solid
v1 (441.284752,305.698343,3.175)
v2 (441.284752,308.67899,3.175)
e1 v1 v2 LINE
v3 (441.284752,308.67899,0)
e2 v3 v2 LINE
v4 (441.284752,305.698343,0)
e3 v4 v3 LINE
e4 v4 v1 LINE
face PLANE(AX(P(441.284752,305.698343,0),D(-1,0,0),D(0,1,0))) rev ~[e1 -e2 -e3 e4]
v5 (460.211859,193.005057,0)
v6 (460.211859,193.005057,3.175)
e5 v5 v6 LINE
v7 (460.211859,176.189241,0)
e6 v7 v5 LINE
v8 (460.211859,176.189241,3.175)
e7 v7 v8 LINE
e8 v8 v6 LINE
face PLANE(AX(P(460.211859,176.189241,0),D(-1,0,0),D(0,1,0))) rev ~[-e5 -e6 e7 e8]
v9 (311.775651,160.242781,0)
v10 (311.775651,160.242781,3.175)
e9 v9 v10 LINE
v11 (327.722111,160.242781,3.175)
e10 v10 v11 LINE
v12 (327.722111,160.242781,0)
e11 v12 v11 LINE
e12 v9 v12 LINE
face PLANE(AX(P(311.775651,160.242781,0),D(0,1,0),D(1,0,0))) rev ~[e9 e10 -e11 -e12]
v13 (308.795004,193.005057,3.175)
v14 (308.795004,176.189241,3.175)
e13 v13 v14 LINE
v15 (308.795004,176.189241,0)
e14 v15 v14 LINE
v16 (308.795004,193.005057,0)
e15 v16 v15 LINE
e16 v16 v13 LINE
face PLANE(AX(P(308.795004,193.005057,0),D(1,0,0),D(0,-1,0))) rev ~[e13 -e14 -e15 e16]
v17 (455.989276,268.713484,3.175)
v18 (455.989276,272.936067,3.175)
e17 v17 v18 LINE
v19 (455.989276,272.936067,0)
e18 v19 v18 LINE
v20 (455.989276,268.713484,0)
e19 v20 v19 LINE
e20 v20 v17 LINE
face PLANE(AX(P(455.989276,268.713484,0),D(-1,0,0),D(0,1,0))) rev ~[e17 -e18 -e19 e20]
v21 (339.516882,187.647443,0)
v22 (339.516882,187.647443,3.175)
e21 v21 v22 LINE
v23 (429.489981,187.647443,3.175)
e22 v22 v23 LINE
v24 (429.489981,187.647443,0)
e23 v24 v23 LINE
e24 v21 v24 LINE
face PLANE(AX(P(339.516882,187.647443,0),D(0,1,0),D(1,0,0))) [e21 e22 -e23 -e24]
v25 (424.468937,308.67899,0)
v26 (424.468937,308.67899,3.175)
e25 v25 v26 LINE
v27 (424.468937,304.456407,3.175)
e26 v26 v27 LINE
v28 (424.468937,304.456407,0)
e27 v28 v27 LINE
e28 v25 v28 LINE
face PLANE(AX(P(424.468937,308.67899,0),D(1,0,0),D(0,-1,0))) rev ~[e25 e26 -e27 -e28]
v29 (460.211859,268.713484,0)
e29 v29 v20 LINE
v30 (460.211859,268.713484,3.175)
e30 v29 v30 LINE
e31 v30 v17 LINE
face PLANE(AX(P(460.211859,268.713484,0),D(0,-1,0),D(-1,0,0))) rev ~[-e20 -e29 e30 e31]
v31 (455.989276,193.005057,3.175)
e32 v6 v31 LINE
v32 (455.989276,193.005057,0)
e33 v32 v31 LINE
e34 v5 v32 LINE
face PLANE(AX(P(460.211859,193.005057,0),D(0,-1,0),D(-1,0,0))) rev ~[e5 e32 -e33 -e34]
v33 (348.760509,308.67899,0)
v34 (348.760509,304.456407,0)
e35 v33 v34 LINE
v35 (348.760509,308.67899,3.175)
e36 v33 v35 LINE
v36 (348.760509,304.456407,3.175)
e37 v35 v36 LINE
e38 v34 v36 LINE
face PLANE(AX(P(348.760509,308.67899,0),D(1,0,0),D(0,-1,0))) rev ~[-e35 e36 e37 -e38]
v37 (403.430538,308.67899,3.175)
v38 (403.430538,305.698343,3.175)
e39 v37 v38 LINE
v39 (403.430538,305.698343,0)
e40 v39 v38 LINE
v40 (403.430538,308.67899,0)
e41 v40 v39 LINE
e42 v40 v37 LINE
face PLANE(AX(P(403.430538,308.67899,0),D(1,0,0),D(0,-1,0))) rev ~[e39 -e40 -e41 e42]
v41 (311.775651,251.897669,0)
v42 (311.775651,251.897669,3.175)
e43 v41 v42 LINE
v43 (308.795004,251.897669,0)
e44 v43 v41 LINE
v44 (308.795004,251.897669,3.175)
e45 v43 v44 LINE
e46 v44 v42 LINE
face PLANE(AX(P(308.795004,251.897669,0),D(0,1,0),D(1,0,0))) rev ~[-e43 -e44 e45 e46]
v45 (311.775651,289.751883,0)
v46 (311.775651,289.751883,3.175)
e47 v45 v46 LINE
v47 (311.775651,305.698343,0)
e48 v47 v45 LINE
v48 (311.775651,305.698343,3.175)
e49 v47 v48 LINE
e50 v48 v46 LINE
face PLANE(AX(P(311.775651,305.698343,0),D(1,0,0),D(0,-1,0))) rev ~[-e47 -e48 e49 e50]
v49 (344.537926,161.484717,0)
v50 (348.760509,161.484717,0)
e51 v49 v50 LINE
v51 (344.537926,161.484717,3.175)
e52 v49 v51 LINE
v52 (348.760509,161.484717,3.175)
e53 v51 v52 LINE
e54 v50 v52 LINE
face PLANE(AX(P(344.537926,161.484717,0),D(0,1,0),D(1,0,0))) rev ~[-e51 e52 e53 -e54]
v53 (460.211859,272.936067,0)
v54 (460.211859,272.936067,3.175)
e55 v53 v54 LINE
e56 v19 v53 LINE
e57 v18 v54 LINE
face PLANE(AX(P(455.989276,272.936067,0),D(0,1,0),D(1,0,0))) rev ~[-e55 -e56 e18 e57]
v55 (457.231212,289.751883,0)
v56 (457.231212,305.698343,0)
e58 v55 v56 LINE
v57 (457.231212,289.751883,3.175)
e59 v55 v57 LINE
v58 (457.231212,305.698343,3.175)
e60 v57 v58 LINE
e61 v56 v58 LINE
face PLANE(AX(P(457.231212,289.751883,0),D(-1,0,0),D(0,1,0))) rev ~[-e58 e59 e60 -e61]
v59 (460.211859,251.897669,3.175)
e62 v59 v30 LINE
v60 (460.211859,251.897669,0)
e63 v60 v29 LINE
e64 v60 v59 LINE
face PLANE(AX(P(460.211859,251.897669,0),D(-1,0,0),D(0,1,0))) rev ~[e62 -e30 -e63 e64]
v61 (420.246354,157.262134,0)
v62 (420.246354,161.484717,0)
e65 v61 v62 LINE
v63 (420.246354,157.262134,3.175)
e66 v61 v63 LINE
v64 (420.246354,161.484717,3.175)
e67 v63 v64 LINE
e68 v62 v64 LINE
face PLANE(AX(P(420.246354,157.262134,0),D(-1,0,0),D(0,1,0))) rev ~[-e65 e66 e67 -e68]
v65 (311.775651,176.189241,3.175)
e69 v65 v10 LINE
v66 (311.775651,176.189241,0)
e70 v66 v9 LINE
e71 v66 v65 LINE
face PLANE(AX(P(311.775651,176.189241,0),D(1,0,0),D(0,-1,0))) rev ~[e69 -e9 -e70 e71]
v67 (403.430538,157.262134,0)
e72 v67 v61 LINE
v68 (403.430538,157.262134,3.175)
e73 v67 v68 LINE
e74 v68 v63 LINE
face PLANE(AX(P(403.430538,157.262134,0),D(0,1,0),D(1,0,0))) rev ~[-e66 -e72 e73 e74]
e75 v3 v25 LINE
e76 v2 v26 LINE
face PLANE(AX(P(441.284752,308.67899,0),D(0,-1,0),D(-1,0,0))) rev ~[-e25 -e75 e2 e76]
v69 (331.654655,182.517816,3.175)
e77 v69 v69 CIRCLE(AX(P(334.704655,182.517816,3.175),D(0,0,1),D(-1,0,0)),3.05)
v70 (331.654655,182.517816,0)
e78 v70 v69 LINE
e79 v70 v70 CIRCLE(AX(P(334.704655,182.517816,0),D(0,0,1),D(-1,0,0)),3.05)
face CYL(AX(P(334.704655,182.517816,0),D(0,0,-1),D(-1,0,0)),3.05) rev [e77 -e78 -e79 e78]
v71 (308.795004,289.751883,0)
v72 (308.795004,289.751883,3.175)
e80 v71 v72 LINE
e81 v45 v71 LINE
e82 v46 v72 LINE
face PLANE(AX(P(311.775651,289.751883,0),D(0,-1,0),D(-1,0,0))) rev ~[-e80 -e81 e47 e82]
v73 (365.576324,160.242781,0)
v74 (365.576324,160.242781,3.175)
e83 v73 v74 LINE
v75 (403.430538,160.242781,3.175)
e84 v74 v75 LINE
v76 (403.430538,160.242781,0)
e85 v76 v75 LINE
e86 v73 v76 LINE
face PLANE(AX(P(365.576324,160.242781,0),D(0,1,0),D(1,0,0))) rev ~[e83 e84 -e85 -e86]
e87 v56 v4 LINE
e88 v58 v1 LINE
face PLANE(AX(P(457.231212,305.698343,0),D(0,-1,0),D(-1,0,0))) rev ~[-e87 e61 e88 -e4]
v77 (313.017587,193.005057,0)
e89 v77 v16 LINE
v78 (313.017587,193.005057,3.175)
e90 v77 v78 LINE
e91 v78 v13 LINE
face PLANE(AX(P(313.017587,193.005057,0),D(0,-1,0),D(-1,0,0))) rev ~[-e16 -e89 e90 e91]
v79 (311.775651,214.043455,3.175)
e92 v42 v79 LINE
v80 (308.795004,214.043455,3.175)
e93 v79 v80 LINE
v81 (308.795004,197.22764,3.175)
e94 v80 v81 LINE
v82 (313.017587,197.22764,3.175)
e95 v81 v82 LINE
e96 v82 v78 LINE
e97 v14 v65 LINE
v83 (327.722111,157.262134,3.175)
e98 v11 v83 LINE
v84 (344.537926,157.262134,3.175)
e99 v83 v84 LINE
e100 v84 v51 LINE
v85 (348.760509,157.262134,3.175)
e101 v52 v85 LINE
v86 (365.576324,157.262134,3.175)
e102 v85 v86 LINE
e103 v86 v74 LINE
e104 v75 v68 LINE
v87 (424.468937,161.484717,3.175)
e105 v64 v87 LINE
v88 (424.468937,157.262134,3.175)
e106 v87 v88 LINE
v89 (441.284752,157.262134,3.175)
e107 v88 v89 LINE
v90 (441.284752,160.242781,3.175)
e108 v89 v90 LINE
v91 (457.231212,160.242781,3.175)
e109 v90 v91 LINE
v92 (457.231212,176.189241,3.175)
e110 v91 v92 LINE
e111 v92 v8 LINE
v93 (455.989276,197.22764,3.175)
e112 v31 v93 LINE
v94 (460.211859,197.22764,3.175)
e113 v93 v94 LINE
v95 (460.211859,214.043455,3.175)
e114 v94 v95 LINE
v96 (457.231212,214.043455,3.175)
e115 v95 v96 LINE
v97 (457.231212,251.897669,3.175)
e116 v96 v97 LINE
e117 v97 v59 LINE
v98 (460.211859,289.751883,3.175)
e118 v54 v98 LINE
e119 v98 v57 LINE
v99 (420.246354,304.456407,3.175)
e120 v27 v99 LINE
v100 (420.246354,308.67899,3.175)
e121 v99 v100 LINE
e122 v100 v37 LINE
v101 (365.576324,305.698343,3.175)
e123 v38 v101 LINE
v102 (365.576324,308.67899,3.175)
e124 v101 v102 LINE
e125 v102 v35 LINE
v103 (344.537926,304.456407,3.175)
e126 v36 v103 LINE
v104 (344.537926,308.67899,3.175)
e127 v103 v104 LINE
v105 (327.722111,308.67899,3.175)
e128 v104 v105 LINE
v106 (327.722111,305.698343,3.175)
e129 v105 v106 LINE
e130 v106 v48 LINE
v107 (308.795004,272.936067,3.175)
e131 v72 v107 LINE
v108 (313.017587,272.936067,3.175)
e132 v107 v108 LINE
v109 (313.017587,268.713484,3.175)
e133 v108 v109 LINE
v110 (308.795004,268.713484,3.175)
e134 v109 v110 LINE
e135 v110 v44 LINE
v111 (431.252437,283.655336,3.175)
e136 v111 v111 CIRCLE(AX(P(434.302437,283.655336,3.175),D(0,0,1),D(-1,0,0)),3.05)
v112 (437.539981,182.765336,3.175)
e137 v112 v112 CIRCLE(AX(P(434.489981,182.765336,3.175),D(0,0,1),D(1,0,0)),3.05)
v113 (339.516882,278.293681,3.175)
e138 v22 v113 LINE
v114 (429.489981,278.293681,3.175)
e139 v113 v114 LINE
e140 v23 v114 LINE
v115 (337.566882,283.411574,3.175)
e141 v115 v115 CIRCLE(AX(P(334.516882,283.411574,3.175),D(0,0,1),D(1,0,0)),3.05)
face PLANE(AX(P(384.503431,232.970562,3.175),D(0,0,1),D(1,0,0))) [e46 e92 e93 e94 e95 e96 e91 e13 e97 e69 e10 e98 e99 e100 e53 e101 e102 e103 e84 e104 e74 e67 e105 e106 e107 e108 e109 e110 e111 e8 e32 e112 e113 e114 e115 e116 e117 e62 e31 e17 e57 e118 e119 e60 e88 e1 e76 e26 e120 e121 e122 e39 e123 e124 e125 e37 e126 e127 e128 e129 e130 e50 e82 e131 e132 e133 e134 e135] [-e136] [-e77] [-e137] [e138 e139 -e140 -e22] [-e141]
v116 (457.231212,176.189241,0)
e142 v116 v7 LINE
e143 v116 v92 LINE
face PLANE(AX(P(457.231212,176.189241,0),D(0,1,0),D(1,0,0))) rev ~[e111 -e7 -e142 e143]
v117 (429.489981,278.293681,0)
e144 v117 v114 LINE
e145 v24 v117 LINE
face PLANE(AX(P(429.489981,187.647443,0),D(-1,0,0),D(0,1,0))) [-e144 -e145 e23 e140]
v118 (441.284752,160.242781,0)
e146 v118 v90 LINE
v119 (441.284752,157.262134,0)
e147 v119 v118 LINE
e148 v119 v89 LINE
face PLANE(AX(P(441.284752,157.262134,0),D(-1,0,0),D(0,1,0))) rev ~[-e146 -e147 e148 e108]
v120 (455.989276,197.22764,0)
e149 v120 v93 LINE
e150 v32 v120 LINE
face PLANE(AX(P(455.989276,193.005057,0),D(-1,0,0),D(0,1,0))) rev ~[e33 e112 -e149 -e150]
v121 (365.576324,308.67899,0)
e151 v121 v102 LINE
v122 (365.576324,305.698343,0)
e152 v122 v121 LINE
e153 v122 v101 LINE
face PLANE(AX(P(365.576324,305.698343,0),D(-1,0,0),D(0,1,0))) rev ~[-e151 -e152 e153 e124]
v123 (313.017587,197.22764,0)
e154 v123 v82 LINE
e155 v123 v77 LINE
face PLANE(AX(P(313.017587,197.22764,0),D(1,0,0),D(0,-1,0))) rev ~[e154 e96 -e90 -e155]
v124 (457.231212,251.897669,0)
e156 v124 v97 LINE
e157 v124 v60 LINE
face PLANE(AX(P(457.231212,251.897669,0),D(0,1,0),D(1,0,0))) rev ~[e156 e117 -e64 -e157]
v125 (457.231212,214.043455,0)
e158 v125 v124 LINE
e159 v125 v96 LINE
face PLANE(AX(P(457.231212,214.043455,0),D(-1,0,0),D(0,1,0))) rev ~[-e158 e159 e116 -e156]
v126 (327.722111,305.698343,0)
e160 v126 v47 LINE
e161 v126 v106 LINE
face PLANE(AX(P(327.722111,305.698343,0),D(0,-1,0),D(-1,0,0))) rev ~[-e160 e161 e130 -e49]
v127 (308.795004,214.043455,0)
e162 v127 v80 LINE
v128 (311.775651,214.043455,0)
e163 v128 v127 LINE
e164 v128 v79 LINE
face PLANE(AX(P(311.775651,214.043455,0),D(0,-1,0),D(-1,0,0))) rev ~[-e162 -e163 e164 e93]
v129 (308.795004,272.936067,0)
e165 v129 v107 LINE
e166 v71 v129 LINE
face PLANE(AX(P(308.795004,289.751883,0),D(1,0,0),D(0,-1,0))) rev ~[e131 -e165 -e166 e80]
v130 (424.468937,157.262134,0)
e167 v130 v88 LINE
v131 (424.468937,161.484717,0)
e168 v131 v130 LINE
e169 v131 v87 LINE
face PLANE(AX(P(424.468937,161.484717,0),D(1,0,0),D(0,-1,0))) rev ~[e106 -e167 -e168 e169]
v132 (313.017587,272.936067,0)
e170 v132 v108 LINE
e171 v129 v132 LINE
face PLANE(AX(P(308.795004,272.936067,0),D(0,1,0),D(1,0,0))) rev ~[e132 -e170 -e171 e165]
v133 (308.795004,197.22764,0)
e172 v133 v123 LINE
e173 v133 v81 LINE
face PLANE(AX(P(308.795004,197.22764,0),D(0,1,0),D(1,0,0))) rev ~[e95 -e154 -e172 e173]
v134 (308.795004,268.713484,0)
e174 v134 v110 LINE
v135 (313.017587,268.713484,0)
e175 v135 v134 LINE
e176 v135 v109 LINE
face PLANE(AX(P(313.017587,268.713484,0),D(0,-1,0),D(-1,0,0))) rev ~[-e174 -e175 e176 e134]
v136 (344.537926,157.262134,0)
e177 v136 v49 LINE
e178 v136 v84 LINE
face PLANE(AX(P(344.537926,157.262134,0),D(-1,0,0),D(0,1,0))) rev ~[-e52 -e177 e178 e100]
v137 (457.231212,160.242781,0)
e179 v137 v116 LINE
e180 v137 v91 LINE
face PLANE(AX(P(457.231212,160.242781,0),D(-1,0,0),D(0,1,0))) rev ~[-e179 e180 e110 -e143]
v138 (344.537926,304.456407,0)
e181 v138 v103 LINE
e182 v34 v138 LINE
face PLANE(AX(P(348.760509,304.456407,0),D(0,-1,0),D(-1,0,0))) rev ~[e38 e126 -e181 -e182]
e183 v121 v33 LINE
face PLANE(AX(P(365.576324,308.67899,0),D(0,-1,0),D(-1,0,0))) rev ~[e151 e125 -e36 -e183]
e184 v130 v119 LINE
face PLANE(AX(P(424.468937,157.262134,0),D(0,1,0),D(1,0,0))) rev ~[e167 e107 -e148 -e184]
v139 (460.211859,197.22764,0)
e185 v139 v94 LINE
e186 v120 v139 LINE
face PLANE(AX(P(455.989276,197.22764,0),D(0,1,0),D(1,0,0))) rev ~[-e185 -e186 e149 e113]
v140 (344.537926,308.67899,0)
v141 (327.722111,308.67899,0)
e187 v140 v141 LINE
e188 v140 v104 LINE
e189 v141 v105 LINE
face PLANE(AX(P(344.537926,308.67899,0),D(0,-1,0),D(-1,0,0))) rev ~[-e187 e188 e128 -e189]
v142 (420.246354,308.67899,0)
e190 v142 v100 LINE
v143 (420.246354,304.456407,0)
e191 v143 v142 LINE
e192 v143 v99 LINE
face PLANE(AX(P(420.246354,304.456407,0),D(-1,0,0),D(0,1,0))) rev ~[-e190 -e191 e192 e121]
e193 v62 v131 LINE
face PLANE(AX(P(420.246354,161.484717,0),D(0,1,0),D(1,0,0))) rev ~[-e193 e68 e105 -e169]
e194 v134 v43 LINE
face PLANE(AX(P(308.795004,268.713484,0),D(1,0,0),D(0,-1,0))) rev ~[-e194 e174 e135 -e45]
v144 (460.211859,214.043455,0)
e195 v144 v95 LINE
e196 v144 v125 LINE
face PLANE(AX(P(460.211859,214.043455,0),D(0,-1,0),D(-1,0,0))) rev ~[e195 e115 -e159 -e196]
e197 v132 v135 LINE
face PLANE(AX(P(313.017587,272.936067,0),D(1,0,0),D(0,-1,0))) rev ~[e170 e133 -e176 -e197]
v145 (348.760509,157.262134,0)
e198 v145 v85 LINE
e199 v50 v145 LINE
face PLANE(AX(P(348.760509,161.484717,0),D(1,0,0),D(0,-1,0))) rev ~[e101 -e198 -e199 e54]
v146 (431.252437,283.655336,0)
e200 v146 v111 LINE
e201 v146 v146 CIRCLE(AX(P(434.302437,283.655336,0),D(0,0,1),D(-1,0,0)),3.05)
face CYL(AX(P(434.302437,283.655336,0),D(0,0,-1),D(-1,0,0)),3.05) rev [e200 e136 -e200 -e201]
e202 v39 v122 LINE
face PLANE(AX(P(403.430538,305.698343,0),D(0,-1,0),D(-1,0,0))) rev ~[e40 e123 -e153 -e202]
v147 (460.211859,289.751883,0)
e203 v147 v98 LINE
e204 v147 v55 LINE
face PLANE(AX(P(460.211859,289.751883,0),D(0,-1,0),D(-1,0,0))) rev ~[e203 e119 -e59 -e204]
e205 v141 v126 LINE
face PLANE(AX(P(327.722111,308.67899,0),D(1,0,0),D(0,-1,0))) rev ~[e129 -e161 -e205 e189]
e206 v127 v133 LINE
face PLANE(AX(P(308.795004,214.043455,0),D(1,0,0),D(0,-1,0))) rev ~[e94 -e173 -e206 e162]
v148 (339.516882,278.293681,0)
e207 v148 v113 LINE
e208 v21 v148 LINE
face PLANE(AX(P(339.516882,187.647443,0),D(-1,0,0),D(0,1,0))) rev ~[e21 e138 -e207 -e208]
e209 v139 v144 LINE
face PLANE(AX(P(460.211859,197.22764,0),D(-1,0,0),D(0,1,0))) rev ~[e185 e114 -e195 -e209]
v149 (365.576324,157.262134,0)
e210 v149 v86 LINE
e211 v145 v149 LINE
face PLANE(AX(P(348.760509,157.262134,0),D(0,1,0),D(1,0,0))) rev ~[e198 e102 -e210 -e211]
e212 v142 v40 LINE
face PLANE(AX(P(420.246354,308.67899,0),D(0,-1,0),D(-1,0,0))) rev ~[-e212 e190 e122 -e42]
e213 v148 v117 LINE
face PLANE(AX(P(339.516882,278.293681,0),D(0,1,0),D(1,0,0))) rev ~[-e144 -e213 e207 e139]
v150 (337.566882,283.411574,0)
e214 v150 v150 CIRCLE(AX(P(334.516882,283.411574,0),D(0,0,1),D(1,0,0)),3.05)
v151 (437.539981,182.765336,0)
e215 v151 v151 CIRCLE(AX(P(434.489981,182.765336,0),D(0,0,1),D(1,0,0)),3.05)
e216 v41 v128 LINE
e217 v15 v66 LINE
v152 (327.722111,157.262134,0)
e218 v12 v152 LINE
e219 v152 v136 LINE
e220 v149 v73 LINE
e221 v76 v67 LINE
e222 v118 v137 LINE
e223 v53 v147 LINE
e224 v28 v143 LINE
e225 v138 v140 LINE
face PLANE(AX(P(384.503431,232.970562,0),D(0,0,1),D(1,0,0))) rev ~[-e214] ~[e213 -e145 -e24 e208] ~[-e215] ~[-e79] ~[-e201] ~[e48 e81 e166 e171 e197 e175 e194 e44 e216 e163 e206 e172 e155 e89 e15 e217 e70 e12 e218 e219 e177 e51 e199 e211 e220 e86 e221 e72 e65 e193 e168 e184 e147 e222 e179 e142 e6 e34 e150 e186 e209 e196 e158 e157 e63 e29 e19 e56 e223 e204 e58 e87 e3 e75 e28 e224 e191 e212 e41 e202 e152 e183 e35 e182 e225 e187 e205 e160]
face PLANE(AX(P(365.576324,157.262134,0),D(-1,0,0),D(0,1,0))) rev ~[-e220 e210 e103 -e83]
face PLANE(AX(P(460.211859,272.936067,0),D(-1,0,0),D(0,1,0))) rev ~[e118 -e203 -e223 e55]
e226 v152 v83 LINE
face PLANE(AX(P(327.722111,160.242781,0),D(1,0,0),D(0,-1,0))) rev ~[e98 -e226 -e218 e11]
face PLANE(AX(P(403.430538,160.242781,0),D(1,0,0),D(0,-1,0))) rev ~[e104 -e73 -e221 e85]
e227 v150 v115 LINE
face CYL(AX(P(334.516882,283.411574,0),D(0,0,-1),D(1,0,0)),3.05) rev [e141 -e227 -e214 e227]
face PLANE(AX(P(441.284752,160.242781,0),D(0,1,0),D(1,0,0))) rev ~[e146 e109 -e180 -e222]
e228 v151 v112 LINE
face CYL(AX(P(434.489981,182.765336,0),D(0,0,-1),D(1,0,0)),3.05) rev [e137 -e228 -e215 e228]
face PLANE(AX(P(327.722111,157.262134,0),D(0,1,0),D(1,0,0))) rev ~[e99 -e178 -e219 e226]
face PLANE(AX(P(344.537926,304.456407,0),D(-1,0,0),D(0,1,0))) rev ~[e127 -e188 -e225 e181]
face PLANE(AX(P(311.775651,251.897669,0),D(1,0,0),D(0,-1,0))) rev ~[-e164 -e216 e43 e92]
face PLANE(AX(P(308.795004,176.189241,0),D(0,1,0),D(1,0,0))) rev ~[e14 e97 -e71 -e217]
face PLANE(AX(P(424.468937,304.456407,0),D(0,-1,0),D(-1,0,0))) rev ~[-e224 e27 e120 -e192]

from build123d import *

# Parameters (mm, degrees)
SKETCH1_R           = 3.05
SKETCH1_W           = 89.973098965
SKETCH1_H           = 90.646237782
BOSS_EXTRUDE1_DEPTH = 3.175


with BuildPart() as part:
    # Sketch1 → Boss-Extrude1 (new body)
    with BuildSketch(Plane.XY):
        Polygon((311.775650515, 305.698342824), (311.775650515, 289.751882688), (308.79500376, 289.751882688), (308.79500376, 272.936067248), (313.017586662, 272.936067248), (313.017586662, 270.824775797), (313.017586662, 268.713484346), (308.79500376, 268.713484346), (308.79500376, 251.897668907), (311.775650515, 251.897668907), (311.775650515, 214.043455125), (308.79500376, 214.043455125), (308.79500376, 197.227639686), (313.017586662, 197.227639686), (313.017586662, 195.116348235), (313.017586662, 193.005056783), (308.79500376, 193.005056783), (308.79500376, 176.189241344), (311.775650515, 176.189241344), (311.775650515, 160.242781208), (327.722110651, 160.242781208), (327.722110651, 157.262134453), (344.53792609, 157.262134453), (344.53792609, 161.484717355), (346.649217542, 161.484717355), (348.760508993, 161.484717355), (348.760508993, 157.262134453), (365.576324432, 157.262134453), (365.576324432, 160.242781208), (403.430538214, 160.242781208), (403.430538214, 157.262134453), (420.246353653, 157.262134453), (420.246353653, 161.484717355), (422.357645104, 161.484717355), (424.468936555, 161.484717355), (424.468936555, 157.262134453), (441.284751995, 157.262134453), (441.284751995, 160.242781208), (457.231212131, 160.242781208), (457.231212131, 176.189241344), (460.211858886, 176.189241344), (460.211858886, 193.005056783), (455.989275984, 193.005056783), (455.989275984, 195.116348235), (455.989275984, 197.227639686), (460.211858886, 197.227639686), (460.211858886, 214.043455125), (457.231212131, 214.043455125), (457.231212131, 251.897668907), (460.211858886, 251.897668907), (460.211858886, 268.713484346), (455.989275984, 268.713484346), (455.989275984, 270.824775797), (455.989275984, 272.936067248), (460.211858886, 272.936067248), (460.211858886, 289.751882688), (457.231212131, 289.751882688), (457.231212131, 305.698342824), (441.284751995, 305.698342824), (441.284751995, 308.678989579), (424.468936555, 308.678989579), (424.468936555, 304.456406677), (422.357645104, 304.456406677), (420.246353653, 304.456406677), (420.246353653, 308.678989579), (403.430538214, 308.678989579), (403.430538214, 305.698342824), (365.576324432, 305.698342824), (365.576324432, 308.678989579), (348.760508993, 308.678989579), (348.760508993, 304.456406677), (346.649217542, 304.456406677), (344.53792609, 304.456406677), (344.53792609, 308.678989579), (327.722110651, 308.678989579), (327.722110651, 305.698342824), align=None)
        with Locations((334.51688184, 283.411573885)):
            Circle(SKETCH1_R, mode=Mode.SUBTRACT)
        with Locations(Location((434.302437265, 283.655336103, 0), (0, 0, 180))):
            Circle(SKETCH1_R, mode=Mode.SUBTRACT)
        with Locations((434.489980805, 182.765336103)):
            Circle(SKETCH1_R, mode=Mode.SUBTRACT)
        with Locations(Location((334.704655446, 182.517816292, 0), (0, 0, 180))):
            Circle(SKETCH1_R, mode=Mode.SUBTRACT)
        with Locations((384.503431322, 232.970562016)):
            Rectangle(SKETCH1_W, SKETCH1_H, mode=Mode.SUBTRACT)
    extrude(amount=BOSS_EXTRUDE1_DEPTH)


solid = part.part
